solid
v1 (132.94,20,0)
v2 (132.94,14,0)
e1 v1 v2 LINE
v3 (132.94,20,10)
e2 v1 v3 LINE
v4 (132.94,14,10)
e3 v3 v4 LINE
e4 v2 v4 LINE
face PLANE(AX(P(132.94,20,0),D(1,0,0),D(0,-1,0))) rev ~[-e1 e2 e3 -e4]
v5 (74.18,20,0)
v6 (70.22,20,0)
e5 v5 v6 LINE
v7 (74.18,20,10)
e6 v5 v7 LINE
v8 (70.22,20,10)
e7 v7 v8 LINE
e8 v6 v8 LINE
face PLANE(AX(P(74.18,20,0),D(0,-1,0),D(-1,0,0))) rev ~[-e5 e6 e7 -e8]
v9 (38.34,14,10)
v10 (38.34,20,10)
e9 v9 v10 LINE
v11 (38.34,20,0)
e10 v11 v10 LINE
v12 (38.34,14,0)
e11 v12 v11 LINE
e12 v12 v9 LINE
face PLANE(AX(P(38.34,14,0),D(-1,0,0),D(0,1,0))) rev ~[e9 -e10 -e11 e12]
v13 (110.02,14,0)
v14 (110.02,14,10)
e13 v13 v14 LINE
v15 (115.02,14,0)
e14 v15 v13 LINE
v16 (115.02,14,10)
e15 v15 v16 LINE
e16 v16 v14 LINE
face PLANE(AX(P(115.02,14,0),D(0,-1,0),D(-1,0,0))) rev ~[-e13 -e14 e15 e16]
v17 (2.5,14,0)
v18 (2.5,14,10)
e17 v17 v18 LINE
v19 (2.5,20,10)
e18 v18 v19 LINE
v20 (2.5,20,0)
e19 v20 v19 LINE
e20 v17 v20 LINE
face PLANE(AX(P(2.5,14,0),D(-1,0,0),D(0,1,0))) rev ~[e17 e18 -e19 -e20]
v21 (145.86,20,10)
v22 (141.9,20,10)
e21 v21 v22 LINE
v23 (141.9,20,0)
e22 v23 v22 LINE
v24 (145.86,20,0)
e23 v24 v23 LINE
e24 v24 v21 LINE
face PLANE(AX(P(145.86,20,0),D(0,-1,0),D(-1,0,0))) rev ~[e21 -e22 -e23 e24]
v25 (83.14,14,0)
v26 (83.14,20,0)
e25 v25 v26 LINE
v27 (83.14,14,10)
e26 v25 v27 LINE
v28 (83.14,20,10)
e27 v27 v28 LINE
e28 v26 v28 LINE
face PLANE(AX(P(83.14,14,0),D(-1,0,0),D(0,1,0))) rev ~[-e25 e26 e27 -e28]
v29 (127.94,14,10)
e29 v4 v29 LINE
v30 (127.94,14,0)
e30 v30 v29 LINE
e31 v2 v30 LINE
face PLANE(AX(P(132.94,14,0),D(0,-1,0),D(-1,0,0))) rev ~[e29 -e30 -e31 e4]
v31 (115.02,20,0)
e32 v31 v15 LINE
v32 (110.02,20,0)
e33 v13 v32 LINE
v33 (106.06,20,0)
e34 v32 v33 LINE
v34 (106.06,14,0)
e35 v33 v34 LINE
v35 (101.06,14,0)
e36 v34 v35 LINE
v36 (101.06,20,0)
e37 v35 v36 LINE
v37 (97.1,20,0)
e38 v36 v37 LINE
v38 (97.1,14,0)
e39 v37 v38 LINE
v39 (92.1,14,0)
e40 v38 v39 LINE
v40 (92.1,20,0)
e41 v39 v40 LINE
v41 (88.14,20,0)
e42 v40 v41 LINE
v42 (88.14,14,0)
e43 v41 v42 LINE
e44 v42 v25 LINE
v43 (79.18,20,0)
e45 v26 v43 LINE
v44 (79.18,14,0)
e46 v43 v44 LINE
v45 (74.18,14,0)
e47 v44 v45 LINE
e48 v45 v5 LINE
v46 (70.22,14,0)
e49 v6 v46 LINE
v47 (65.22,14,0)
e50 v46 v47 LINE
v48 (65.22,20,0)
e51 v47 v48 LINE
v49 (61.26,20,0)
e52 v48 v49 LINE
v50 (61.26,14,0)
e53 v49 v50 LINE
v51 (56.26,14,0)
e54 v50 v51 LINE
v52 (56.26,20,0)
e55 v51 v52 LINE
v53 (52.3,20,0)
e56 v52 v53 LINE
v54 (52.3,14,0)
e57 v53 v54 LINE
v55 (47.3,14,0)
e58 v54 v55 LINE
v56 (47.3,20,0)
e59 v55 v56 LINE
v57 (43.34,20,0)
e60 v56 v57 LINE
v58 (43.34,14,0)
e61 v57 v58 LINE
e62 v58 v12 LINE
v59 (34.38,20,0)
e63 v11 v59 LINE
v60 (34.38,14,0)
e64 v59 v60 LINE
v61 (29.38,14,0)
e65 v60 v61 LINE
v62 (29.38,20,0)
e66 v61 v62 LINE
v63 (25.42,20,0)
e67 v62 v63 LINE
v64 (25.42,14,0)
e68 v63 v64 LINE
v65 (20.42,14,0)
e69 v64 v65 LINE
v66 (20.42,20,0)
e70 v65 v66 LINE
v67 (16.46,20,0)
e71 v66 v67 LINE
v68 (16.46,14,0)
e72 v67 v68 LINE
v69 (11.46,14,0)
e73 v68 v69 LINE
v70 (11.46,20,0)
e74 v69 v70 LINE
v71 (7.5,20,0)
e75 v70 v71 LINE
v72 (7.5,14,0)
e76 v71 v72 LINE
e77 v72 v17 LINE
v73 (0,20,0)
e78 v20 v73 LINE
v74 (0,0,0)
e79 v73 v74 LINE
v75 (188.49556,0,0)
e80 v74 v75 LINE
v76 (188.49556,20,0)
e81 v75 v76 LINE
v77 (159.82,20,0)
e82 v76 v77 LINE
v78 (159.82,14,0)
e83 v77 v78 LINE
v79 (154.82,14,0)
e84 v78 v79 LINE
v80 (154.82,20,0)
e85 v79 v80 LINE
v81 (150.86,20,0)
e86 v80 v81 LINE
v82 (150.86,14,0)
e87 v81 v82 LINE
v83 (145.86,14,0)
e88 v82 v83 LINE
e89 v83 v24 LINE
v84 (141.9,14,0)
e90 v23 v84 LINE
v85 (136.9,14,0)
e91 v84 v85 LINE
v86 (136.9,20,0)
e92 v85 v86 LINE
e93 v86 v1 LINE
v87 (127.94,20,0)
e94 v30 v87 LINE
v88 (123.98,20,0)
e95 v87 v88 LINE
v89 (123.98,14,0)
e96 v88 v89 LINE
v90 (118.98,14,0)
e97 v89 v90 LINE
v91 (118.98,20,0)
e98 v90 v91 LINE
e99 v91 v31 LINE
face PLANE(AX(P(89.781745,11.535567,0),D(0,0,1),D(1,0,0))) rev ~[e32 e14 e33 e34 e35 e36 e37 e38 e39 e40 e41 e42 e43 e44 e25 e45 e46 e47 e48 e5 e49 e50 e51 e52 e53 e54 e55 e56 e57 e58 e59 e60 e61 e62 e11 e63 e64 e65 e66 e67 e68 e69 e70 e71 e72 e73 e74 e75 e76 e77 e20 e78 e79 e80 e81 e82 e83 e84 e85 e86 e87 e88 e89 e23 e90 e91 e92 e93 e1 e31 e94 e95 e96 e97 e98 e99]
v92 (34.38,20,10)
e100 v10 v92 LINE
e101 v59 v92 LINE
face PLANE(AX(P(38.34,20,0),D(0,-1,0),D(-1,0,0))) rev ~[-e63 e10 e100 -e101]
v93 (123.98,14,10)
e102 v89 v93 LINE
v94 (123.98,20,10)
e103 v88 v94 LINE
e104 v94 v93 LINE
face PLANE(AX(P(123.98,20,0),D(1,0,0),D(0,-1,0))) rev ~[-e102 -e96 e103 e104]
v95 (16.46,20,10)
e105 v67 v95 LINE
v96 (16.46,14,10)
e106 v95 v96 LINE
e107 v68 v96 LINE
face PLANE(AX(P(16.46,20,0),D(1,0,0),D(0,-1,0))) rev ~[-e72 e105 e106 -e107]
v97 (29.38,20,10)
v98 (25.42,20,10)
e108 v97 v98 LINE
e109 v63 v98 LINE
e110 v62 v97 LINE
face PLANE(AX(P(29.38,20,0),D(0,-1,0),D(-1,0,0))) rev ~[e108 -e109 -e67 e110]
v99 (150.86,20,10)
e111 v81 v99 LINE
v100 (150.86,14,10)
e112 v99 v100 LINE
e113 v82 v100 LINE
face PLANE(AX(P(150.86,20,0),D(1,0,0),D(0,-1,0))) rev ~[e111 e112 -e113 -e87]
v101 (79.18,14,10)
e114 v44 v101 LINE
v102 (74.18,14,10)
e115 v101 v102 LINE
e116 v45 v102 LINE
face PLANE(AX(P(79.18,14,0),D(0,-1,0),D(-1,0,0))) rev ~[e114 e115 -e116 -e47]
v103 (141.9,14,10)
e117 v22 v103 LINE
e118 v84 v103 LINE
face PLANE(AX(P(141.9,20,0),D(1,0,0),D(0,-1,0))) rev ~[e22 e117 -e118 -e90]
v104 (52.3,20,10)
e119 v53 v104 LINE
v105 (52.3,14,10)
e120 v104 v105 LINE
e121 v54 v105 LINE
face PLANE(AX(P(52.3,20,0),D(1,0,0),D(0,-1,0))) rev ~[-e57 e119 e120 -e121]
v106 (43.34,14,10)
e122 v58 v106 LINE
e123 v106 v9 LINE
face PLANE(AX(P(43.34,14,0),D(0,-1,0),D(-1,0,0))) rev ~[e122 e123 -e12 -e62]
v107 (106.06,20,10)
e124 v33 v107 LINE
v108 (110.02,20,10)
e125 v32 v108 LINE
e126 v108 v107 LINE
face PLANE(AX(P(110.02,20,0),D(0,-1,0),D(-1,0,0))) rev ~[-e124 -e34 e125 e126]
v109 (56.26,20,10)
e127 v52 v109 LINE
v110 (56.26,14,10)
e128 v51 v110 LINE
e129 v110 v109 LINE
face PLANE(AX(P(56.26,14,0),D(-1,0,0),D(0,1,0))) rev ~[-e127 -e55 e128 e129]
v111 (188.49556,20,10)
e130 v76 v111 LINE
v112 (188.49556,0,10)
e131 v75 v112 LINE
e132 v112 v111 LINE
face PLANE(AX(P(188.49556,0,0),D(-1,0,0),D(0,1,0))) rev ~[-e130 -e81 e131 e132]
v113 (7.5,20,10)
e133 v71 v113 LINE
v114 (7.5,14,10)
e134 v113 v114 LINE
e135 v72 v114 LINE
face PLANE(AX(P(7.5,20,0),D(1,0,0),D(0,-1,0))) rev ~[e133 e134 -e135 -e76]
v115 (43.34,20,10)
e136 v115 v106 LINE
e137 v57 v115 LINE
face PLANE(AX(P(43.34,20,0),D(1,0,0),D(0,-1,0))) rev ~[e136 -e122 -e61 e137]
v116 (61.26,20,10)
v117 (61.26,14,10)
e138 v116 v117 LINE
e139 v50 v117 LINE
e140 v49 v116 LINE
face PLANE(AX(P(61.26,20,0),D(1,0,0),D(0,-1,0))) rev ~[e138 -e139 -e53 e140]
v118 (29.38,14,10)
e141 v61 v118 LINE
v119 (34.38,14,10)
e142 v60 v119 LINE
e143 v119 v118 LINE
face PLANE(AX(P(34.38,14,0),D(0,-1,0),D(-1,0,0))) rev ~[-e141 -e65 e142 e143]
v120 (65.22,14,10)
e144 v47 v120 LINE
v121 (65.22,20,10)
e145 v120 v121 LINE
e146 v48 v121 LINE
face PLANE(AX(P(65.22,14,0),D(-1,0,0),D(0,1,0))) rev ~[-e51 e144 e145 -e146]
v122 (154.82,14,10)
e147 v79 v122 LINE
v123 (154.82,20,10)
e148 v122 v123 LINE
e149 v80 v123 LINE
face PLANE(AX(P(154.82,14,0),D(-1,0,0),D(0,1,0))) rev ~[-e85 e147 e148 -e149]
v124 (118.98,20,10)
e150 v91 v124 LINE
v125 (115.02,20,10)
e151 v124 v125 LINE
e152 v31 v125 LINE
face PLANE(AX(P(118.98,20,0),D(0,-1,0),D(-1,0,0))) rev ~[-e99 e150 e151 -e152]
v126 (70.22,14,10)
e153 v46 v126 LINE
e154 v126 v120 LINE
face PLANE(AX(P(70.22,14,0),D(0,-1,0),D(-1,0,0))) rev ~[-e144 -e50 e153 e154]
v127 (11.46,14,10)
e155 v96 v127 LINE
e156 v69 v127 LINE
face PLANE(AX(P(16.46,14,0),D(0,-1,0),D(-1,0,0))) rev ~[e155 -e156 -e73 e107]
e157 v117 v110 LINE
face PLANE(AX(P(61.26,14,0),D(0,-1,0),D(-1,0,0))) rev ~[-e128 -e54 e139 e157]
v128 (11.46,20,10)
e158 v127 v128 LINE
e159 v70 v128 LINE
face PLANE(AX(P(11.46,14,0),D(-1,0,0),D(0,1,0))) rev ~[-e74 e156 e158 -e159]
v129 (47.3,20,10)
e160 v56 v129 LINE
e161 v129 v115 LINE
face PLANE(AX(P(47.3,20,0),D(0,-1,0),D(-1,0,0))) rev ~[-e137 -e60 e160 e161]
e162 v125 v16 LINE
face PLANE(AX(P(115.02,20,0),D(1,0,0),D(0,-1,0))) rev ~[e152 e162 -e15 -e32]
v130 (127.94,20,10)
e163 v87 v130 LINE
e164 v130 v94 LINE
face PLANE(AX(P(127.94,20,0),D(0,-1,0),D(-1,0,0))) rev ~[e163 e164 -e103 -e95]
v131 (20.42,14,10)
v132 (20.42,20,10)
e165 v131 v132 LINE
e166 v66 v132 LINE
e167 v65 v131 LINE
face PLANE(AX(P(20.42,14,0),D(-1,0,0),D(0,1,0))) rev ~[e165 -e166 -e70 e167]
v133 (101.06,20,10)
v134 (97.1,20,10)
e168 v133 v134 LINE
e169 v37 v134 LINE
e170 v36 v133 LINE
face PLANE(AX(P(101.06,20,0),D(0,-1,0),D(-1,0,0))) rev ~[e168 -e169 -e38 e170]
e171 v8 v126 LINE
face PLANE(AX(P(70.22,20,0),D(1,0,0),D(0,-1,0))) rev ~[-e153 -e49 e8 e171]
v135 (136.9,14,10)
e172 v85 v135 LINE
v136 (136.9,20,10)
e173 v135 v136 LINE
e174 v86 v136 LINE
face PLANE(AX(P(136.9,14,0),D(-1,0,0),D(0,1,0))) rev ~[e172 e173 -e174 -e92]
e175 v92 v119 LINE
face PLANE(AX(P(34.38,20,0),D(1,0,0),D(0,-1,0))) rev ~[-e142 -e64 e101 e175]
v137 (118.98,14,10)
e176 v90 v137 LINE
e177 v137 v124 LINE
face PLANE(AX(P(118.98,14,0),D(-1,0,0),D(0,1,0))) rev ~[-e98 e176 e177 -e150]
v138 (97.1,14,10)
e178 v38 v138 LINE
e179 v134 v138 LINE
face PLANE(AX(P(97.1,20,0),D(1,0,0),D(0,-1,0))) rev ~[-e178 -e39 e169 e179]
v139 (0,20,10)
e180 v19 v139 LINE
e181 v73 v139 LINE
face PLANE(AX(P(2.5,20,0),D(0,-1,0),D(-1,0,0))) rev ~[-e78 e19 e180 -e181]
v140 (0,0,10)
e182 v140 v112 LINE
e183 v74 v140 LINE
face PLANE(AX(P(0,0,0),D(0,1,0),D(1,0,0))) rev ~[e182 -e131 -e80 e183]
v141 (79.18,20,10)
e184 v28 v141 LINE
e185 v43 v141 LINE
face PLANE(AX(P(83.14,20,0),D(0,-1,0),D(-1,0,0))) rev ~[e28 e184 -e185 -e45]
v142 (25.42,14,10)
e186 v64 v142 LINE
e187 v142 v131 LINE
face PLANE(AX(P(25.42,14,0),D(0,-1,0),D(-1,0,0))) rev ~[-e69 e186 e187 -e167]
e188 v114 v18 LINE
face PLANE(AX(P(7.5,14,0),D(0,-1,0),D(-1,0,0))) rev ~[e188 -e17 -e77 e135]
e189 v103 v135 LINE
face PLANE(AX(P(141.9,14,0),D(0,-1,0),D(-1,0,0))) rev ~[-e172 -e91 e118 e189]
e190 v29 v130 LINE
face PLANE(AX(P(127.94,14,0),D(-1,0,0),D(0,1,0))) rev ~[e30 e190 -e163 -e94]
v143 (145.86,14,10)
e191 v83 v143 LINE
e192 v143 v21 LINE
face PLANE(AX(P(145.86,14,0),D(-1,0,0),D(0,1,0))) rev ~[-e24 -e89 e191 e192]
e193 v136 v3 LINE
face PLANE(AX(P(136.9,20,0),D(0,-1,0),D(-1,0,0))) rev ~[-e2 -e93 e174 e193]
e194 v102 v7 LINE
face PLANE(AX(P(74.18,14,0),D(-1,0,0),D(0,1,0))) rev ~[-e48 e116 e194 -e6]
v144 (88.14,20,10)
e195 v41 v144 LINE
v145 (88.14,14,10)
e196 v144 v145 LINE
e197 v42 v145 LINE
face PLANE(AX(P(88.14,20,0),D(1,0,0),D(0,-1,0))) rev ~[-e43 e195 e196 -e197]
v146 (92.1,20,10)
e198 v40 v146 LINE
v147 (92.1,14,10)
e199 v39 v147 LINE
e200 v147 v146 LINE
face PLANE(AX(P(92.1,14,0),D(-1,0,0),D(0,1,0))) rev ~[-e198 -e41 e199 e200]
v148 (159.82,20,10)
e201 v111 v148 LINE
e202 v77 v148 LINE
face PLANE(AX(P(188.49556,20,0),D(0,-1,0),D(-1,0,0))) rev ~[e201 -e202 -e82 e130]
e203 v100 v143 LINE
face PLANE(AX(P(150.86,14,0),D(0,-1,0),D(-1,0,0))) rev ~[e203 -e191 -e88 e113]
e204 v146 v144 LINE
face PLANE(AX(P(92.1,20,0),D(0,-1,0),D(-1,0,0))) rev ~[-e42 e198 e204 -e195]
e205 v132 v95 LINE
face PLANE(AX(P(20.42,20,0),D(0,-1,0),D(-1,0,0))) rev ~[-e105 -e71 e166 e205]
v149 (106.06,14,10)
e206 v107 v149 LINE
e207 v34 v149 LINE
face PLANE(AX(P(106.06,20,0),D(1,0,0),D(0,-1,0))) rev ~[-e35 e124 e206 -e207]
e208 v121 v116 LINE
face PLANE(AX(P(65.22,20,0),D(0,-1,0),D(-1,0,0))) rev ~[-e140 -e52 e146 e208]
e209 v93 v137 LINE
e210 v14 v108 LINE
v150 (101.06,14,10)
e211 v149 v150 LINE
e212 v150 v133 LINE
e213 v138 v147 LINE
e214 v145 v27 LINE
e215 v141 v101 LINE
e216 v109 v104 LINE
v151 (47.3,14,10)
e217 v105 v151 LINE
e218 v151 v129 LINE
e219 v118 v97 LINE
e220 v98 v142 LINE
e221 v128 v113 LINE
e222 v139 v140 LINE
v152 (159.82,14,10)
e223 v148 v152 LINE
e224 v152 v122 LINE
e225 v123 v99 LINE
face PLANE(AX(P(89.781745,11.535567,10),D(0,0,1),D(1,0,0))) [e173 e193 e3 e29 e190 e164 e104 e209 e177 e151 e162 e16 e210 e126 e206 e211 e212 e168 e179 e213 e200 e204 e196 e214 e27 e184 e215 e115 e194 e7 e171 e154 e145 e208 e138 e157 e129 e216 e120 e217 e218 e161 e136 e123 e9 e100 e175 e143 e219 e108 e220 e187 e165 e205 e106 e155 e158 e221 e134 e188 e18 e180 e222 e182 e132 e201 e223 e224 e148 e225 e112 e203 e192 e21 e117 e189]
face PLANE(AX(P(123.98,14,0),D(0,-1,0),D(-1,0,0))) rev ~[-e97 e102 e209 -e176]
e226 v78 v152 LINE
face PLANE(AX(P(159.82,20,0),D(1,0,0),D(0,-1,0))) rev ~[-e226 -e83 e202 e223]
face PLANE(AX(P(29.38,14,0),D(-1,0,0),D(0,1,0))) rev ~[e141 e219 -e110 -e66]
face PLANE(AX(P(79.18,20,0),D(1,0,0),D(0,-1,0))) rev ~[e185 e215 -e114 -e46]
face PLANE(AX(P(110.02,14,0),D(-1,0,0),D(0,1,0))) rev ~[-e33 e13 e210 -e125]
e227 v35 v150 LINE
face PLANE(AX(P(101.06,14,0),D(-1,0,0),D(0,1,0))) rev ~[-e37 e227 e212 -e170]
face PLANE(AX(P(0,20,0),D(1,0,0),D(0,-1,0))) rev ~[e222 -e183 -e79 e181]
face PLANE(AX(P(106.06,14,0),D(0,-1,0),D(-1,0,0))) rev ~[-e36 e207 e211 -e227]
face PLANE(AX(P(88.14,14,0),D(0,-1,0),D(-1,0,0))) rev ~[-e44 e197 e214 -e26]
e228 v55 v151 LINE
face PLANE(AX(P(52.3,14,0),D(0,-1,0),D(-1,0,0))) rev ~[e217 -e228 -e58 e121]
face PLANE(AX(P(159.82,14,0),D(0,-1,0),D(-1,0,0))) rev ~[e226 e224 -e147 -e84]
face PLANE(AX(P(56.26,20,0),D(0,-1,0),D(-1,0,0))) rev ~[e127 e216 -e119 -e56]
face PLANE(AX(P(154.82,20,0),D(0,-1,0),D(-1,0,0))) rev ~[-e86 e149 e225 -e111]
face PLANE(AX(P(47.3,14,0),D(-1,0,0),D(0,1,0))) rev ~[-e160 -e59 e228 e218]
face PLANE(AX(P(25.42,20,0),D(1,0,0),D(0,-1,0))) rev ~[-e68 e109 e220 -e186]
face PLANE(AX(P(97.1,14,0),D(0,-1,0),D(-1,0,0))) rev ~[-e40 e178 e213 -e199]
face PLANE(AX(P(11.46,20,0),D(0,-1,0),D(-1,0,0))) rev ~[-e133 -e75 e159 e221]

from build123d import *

# Parameters (mm, degrees)
F1_DEPTH = 10


with BuildPart() as f1:
    # F0 (on Top) → F1 (new body)
    with BuildSketch(Plane.XY):
        Polygon((0, 20), (0, 0), (188.49556, 0), (188.49556, 20), (159.82, 20), (159.82, 14), (157.32, 14), (154.82, 14), (154.82, 20), (150.86, 20), (150.86, 14), (148.36, 14), (145.86, 14), (145.86, 20), (141.9, 20), (141.9, 14), (139.4, 14), (136.9, 14), (136.9, 20), (132.94, 20), (132.94, 14), (130.44, 14), (127.94, 14), (127.94, 20), (123.98, 20), (123.98, 14), (121.48, 14), (118.98, 14), (118.98, 20), (115.02, 20), (115.02, 14), (112.52, 14), (110.02, 14), (110.02, 20), (106.06, 20), (106.06, 14), (103.56, 14), (101.06, 14), (101.06, 20), (97.1, 20), (97.1, 14), (94.6, 14), (92.1, 14), (92.1, 20), (88.14, 20), (88.14, 14), (85.64, 14), (83.14, 14), (83.14, 20), (79.18, 20), (79.18, 14), (76.68, 14), (74.18, 14), (74.18, 20), (70.22, 20), (70.22, 14), (67.72, 14), (65.22, 14), (65.22, 20), (61.26, 20), (61.26, 14), (58.76, 14), (56.26, 14), (56.26, 20), (52.3, 20), (52.3, 14), (49.8, 14), (47.3, 14), (47.3, 20), (43.34, 20), (43.34, 14), (40.84, 14), (38.34, 14), (38.34, 20), (34.38, 20), (34.38, 14), (31.88, 14), (29.38, 14), (29.38, 20), (25.42, 20), (25.42, 14), (22.92, 14), (20.42, 14), (20.42, 20), (16.46, 20), (16.46, 14), (13.96, 14), (11.46, 14), (11.46, 20), (7.5, 20), (7.5, 14), (5, 14), (2.5, 14), (2.5, 20), align=None)
    extrude(amount=F1_DEPTH)


solid = f1.part
